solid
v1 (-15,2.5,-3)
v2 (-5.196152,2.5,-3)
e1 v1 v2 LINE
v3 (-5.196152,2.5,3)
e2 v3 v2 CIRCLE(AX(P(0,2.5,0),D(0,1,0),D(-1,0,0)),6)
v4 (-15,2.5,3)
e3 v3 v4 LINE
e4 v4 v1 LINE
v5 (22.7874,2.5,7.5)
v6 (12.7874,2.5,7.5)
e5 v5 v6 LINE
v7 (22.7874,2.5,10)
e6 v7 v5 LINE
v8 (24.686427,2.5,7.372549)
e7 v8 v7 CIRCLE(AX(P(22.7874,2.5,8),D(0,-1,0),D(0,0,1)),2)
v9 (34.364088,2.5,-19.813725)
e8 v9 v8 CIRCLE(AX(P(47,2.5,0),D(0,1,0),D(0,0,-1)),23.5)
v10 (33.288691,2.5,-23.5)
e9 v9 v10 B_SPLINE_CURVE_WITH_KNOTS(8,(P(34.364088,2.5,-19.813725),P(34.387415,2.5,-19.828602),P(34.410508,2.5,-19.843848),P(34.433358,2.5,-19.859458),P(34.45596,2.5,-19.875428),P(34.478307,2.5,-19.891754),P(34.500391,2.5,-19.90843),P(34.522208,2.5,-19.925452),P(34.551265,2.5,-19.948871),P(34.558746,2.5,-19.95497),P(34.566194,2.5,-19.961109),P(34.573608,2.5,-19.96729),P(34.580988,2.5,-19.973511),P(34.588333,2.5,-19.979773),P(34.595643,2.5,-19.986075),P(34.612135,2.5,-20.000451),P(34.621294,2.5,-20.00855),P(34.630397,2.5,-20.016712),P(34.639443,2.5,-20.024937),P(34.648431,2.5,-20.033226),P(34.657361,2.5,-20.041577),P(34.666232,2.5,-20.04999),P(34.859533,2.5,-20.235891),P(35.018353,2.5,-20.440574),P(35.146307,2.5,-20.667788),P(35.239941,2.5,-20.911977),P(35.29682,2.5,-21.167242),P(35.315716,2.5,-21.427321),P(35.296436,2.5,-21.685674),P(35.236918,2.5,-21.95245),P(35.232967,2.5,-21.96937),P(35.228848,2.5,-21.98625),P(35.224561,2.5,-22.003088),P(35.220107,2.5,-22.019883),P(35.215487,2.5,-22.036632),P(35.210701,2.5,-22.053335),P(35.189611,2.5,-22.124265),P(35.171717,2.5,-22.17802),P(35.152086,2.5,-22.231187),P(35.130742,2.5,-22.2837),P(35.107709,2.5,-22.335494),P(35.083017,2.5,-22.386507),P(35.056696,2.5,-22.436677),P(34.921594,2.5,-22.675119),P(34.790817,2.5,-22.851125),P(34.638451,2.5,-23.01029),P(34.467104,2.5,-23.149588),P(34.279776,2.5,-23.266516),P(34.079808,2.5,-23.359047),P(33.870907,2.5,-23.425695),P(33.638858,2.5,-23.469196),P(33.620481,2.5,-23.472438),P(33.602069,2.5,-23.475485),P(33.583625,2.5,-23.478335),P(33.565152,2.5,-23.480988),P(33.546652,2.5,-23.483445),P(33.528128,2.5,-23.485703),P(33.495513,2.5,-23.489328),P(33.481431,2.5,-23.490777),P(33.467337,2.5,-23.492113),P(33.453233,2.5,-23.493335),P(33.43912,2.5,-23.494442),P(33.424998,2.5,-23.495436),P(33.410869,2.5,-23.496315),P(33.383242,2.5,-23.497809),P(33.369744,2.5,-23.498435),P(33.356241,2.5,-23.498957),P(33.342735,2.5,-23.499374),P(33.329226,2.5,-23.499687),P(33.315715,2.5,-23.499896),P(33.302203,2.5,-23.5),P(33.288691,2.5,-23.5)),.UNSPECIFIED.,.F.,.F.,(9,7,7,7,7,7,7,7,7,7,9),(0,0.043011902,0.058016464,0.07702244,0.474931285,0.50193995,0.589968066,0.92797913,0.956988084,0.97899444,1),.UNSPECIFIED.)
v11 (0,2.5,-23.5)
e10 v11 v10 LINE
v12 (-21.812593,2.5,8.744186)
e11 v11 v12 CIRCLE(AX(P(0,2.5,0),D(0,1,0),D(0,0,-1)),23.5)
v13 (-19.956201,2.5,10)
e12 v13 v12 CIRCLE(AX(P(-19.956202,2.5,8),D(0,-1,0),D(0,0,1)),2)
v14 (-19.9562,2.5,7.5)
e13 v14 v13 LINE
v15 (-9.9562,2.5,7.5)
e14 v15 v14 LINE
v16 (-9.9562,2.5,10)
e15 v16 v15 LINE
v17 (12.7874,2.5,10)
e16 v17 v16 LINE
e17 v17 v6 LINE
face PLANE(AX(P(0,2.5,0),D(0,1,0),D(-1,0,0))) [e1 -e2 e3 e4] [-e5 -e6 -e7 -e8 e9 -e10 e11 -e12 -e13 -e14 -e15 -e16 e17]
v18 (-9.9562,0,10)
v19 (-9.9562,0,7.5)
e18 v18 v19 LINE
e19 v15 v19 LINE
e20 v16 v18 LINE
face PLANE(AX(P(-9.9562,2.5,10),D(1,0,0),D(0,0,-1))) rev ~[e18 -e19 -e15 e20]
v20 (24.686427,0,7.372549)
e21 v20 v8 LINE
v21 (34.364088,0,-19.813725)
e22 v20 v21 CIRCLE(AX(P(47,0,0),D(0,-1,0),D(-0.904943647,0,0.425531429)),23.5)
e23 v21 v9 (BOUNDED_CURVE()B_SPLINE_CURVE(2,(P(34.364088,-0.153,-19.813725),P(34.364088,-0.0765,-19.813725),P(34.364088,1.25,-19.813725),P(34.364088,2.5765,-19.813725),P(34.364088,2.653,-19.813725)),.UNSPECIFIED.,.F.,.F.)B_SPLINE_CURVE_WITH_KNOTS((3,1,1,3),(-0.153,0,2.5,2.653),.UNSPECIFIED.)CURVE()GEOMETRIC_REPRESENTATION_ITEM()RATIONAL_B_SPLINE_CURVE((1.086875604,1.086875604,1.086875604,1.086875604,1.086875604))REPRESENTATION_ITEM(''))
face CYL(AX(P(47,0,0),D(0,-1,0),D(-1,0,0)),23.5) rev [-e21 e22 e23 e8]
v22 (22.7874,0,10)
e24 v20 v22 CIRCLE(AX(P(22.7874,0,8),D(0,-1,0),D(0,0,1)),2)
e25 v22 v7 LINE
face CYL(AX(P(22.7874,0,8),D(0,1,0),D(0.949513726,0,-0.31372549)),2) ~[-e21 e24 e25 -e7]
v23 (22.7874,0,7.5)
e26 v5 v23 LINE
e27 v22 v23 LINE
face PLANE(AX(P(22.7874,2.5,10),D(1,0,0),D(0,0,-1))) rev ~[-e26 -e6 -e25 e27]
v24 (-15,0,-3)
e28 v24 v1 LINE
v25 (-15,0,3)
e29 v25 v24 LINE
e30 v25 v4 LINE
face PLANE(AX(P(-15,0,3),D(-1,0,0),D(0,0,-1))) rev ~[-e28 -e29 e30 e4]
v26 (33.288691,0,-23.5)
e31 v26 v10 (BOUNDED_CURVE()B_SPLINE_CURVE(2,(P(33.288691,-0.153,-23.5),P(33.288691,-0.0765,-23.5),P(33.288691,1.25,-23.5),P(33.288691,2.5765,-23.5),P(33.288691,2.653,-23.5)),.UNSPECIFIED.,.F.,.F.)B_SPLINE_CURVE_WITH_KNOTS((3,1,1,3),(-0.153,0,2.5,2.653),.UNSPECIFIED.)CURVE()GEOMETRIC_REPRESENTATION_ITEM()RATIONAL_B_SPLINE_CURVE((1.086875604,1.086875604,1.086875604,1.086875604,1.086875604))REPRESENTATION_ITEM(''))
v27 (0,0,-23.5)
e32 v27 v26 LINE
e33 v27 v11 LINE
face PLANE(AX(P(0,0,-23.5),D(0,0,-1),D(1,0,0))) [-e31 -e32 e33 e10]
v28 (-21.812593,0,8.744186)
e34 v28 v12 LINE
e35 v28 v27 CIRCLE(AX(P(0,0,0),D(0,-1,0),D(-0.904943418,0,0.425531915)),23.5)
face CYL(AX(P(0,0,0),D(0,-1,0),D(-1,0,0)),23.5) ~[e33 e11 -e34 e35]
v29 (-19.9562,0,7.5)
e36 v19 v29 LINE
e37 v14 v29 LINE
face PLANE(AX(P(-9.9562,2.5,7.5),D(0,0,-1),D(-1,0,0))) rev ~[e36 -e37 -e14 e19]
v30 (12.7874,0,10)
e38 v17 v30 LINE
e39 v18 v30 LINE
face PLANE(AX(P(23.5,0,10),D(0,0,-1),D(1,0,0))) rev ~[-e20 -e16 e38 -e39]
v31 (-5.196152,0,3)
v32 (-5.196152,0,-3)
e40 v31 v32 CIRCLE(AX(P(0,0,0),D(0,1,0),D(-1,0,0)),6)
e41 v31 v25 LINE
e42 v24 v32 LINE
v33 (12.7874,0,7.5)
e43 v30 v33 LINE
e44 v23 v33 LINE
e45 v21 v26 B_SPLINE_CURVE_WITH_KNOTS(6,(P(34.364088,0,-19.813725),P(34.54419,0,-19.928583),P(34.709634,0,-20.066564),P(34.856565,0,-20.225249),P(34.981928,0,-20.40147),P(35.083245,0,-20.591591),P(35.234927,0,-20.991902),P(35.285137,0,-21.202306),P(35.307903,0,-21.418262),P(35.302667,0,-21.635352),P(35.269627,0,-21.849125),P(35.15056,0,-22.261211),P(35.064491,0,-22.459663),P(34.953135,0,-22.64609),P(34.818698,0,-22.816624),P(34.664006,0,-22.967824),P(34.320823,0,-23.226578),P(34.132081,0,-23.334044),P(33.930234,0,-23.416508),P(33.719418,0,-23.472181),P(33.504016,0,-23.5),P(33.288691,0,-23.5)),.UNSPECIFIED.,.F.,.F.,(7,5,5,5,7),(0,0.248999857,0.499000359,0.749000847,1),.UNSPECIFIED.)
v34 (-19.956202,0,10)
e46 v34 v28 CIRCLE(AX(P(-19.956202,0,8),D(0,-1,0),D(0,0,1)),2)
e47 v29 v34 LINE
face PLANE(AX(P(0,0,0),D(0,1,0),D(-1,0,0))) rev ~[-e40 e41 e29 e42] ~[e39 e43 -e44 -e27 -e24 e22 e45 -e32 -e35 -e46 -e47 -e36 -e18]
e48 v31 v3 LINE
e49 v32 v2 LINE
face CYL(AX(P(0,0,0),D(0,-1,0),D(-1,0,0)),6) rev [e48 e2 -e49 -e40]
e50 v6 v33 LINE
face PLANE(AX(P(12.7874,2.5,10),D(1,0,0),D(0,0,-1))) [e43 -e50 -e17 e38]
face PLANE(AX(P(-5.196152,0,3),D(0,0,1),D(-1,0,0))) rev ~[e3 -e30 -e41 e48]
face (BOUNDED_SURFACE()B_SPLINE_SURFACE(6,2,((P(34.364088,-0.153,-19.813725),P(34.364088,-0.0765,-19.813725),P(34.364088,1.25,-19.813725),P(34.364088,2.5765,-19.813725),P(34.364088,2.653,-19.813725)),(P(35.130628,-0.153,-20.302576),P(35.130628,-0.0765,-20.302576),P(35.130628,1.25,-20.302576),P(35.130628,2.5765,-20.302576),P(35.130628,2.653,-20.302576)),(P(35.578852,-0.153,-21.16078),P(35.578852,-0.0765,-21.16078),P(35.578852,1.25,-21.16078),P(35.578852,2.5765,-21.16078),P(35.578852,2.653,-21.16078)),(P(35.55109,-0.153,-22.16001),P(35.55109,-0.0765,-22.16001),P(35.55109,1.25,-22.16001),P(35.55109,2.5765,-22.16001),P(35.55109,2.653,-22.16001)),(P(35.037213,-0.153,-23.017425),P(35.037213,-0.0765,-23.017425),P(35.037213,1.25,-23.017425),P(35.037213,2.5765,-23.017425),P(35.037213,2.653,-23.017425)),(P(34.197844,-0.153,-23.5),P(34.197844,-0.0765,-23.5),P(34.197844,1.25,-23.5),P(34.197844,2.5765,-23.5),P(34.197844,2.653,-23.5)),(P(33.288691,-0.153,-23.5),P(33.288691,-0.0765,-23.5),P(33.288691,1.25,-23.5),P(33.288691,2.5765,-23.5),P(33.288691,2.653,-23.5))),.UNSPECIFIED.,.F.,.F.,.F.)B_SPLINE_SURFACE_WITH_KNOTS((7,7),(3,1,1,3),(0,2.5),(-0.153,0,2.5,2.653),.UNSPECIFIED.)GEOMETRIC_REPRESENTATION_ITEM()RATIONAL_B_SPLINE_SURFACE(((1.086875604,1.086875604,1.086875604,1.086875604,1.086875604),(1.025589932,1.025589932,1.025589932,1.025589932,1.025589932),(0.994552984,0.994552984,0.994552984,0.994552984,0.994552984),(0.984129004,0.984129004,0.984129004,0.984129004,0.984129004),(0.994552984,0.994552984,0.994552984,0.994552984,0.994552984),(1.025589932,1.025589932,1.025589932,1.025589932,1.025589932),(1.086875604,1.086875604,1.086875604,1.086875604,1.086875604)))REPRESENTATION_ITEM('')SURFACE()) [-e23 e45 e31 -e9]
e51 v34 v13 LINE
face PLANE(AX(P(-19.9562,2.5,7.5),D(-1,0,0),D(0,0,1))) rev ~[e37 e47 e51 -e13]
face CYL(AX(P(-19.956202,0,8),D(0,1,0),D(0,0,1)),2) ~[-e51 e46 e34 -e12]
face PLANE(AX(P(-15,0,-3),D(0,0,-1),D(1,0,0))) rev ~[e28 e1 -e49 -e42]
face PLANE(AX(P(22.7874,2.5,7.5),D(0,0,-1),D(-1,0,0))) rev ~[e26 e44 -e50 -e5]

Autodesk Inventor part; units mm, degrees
ref_plane "YZ Plane" through (0, 0, 0) normal (1, 0, 0) x (0, 1, 0)
ref_plane "XZ Plane" through (0, 0, 0) normal (0, 1, 0) x (-1, 0, 0)
ref_plane "XY Plane" through (0, 0, 0) normal (0, 0, 1) x (1, 0, 0)
sketch "スケッチ1" plane through (0, 0, 0) normal (0, 1, 0) x (-1, 0, 0)
  circle A0 centre (0, 0) radius 6
  line L0 (0, 3) -> (15, 3)
  line L1 (15, 3) -> (15, -3)
  line L2 (15, -3) -> (0, -3)
  line L3 (0, -3) -> (0, 3) construction
  line L4 (23.5, 10) -> (-25.7338, 10)
  line L5 (-25.7338, 10) -> (-25.7338, -10) construction
  line L6 (-25.7338, -10) -> (23.5, -10)
  line L7 (23.5, -10) -> (23.5, 10) construction
  circle A1 centre (0, 0) radius 23.5
  circle A2 centre (-47, 0) radius 23.5
  line L8 (-23.5, 10) -> (-23.5, 0)
  line L9 (0, -23.5) -> (-47, -23.5)
  line L10 (0, 23.5) -> (-47, 23.5)
  point P0 (-25.7338, 0)
  point P1 (20.3516, -11.75)
  point P2 (-26.6484, -11.75)
  point P3 (5.1962, -3)
  point P4 (5.1962, 3)
  point P5 (21.2662, 10)
  point P6 (-21.2662, 10)
  dimension "d0" = 12
  dimension "d1" = 15
  dimension "d2" = 6
  dimension "d3" = 20
  dimension "d4" = 47
  dimension "d5" = 47
  dimension "d6" = 47
extrude "押し出し1" add sketch "スケッチ1" along normal blind 2.5 contours L8 A2 L4 | L4 A1 L8 | L4 A1 L6 | A1 L6 A2 | A1 L9 A2 L6 | L6 A1
fillet "フィレット2" radius 2 3 edges at (47, 1.25, -23.5) (25.7338, 1.25, 10) (-21.2662, 1.25, 10)
sketch "スケッチ2" plane through (0, 2.5, 0) normal (0, 1, 0) x (1, 0, 0)
  line L0 (-19.9562, -10) -> (22.7874, -10) projected
  line L1 (-19.9562, -10) -> (22.7874, -10)
  line L2 (22.7874, -10) -> (22.7874, -7.5)
  line L3 (22.7874, -7.5) -> (-19.9562, -7.5)
  line L4 (-19.9562, -7.5) -> (-19.9562, -10)
  line L5 (-19.9562, -10) -> (-9.9562, -10)
  line L6 (-9.9562, -10) -> (-9.9562, -7.5)
  line L7 (-9.9562, -7.5) -> (-19.9562, -7.5)
  line L8 (-19.9562, -7.5) -> (-19.9562, -10)
  line L9 (22.7874, -10) -> (12.7874, -10)
  line L10 (12.7874, -10) -> (12.7874, -7.5)
  line L11 (12.7874, -7.5) -> (22.7874, -7.5)
  line L12 (22.7874, -7.5) -> (22.7874, -10)
  point P0 (0, 0)
  dimension "d13" = 2.5
  dimension "d14" = 10
  dimension "d15" = 10
extrude "押し出し2" cut sketch "スケッチ2" against normal through all contours L4 L3 L6 L0 | L10 L3 L2 L0
properties part number "皿"
